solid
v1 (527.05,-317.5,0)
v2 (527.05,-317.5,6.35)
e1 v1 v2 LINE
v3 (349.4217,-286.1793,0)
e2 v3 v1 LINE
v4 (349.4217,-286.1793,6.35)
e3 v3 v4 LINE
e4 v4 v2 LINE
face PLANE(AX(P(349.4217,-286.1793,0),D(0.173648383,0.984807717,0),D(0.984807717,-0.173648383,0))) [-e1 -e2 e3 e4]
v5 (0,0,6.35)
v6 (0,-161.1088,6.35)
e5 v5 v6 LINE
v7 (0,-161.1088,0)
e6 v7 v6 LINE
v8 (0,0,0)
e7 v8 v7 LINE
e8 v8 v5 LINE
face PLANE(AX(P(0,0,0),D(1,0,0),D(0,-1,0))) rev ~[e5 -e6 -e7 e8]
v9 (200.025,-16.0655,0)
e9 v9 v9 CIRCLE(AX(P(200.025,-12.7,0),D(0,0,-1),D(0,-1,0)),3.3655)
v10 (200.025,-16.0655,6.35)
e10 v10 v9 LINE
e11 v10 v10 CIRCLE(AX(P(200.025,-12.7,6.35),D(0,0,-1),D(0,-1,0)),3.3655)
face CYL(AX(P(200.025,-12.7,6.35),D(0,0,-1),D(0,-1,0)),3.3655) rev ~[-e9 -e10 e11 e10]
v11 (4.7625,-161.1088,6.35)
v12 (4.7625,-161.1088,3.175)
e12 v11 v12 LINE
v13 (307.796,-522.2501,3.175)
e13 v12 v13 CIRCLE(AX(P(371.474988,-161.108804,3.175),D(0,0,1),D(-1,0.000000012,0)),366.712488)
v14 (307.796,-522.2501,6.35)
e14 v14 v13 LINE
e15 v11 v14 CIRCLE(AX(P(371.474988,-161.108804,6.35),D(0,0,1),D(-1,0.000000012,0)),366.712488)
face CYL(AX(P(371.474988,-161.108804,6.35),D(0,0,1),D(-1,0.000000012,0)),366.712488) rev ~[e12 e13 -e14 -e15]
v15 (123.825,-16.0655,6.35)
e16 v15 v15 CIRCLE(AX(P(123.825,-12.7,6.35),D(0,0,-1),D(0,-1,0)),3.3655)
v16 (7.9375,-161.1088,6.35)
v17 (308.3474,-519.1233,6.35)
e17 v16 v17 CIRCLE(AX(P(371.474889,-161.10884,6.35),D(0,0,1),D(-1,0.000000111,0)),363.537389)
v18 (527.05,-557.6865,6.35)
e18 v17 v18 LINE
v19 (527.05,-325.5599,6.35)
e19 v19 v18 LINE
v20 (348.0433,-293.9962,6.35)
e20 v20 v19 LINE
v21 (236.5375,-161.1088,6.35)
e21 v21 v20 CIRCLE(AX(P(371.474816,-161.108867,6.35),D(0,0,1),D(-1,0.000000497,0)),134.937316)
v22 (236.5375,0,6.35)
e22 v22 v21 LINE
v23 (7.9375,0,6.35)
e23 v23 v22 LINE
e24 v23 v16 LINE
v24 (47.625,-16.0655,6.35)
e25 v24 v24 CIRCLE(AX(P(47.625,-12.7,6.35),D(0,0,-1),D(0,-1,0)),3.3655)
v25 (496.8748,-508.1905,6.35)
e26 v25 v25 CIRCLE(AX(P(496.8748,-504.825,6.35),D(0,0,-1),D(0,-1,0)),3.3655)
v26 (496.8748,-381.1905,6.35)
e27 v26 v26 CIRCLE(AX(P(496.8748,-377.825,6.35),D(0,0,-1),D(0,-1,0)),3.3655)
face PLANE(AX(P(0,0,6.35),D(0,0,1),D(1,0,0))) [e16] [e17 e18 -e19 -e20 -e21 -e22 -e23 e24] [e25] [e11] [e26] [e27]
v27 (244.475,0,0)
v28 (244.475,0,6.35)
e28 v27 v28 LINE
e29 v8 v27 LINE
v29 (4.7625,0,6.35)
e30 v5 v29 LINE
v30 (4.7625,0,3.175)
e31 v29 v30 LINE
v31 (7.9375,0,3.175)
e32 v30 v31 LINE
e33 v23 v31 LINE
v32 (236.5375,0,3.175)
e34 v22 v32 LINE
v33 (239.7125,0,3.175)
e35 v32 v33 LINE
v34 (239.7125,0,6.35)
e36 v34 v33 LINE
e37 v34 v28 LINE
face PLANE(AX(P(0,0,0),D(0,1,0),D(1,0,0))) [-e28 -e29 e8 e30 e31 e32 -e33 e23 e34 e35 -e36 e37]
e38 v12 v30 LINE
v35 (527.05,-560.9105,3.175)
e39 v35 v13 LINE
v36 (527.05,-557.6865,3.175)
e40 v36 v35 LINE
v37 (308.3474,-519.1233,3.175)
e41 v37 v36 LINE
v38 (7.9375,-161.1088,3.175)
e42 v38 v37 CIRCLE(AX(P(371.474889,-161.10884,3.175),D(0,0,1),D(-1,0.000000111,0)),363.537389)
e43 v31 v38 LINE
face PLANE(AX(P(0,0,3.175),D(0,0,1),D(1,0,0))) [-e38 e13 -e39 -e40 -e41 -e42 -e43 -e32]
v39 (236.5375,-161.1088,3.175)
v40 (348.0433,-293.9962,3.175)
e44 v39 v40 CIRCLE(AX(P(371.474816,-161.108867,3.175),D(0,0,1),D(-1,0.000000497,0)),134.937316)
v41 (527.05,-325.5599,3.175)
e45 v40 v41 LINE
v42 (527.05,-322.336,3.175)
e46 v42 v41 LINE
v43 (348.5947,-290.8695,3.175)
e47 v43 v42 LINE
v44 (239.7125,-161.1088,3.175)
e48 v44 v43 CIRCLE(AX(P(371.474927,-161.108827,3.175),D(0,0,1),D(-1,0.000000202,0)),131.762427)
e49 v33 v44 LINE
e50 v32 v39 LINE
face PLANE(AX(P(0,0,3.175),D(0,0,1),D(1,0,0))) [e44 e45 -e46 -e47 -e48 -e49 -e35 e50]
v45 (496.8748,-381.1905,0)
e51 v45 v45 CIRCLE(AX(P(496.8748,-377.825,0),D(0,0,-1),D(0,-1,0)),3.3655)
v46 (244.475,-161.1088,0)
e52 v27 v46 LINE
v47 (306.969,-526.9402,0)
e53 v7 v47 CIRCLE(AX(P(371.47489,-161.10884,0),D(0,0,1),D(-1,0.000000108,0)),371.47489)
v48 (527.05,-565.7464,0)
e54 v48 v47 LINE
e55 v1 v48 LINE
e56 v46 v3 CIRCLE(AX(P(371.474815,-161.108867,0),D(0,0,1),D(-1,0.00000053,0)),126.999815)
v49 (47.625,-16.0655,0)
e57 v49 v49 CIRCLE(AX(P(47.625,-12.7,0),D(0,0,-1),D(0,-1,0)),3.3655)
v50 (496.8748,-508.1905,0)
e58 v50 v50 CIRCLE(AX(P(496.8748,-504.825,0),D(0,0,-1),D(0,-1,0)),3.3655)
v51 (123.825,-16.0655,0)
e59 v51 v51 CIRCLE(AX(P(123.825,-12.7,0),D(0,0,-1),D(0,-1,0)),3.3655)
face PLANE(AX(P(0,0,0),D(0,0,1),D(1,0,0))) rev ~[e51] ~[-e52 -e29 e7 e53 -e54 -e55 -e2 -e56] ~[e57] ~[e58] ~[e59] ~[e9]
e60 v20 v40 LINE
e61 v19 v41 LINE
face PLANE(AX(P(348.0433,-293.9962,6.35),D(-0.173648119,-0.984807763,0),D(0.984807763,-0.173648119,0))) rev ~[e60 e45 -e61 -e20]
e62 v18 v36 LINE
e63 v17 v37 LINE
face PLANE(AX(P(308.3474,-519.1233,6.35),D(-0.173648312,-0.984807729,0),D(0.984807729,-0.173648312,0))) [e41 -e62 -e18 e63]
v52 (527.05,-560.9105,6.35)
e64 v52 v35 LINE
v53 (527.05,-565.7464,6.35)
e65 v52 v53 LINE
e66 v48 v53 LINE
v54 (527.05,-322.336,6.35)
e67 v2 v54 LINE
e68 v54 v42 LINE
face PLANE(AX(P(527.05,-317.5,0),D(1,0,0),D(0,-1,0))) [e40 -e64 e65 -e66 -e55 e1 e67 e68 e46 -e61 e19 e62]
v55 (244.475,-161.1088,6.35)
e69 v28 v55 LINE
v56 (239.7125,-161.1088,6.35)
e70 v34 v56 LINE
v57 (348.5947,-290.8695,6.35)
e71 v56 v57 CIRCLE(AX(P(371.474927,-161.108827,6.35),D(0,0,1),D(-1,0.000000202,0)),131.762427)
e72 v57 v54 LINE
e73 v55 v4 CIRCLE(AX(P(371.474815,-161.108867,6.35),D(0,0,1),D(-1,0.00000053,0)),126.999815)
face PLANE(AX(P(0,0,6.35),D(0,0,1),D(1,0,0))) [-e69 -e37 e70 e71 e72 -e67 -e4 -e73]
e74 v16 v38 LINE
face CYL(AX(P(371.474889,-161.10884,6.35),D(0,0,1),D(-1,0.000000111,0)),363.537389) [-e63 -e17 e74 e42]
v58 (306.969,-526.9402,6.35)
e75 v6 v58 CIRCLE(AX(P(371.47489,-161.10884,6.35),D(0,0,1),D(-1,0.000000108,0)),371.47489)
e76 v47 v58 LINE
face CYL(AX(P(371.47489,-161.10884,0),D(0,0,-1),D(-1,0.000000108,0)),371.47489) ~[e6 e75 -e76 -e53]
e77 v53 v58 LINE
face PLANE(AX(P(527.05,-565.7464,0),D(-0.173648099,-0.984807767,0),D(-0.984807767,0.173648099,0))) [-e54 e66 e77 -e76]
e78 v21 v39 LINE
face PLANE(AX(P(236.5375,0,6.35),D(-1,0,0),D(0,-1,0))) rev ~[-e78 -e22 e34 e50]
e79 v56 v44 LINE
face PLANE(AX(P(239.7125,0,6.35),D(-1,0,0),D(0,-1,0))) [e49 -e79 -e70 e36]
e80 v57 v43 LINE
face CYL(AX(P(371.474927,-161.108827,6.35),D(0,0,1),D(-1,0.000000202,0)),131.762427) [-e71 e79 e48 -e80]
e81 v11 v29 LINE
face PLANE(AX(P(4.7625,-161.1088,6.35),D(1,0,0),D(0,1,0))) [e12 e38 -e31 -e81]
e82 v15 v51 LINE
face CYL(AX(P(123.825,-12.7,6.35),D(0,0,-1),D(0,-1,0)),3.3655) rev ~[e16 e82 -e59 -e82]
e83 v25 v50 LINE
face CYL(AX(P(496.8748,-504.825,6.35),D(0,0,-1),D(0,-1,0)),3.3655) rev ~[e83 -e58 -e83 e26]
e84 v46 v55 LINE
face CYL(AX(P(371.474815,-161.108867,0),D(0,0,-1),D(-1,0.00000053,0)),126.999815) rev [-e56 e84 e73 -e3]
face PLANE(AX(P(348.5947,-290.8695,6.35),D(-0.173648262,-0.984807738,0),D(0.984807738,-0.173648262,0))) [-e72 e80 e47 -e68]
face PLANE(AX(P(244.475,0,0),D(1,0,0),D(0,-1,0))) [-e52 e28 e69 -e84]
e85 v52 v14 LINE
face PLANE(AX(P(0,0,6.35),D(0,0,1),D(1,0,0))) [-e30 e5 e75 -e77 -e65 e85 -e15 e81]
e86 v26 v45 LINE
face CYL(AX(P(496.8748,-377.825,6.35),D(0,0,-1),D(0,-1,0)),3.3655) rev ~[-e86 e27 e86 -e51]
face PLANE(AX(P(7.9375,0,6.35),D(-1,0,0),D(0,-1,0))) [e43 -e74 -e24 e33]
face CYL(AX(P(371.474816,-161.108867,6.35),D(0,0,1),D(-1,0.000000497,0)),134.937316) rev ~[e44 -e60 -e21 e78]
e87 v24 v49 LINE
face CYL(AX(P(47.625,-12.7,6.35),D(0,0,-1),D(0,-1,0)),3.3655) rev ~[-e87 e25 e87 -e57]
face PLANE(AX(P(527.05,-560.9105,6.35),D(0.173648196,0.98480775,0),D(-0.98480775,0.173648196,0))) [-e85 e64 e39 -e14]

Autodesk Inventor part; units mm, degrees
ref_plane "YZ Plane" through (0, 0, 0) normal (1, 0, 0) x (0, 1, 0)
ref_plane "XZ Plane" through (0, 0, 0) normal (0, 1, 0) x (-1, 0, 0)
ref_plane "XY Plane" through (0, 0, 0) normal (0, 0, 1) x (1, 0, 0)
sketch "Sketch1" plane through (0, 0, 0) normal (0, 0, 1) x (1, 0, 0)
  line L0 (0, 0) -> (0, -161.1088)
  line L1 (0, 0) -> (244.475, 0)
  line L2 (244.475, 0) -> (244.475, -161.1088)
  line L3 (349.4217, -286.1793) -> (527.05, -317.5)
  line L4 (527.05, -317.5) -> (527.05, -565.7464)
  line L5 (527.05, -565.7464) -> (306.969, -526.9402)
  arc A0 (244.475, -161.1088) -> (349.4217, -286.1793) centre (371.475, -161.1088) ccw
  arc A1 (0, -161.1088) -> (306.969, -526.9402) centre (371.475, -161.1088) ccw
  dimension "d0" = 244.475
  dimension "d1" = 244.475
  dimension "d2" = 100
  dimension "d3" = 127
  dimension "d4" = 371.475
  dimension "d5" = 317.5
  dimension "d6" = 527.05
extrude "Extrusion1" add sketch "Sketch1" along normal blind 6.35
sketch "Sketch2" plane through (0, 0, 6.35) normal (0, 0, 1) x (1, 0, 0)
  line L0 (0, 0) -> (244.475, 0) projected
  line L1 (0, -161.1088) -> (0, 0) projected
  arc A0 (0, -161.1088) -> (306.969, -526.9402) centre (371.475, -161.1088) ccw projected
  line L2 (527.05, -565.7464) -> (306.969, -526.9402) projected
  line L3 (527.05, -317.5) -> (527.05, -565.7464) projected
  line L4 (349.4217, -286.1793) -> (527.05, -317.5) projected
  arc A1 (244.475, -161.1088) -> (349.4217, -286.1793) centre (371.475, -161.1088) ccw projected
  line L5 (244.475, 0) -> (244.475, -161.1088) projected
  arc A2 (239.7125, -161.1088) -> (348.5947, -290.8695) centre (371.475, -161.1088) ccw
  line L6 (348.5947, -290.8695) -> (527.05, -322.336)
  line L7 (527.05, -560.9105) -> (307.796, -522.2501)
  arc A3 (4.7625, -161.1088) -> (307.796, -522.2501) centre (371.475, -161.1088) ccw
  line L8 (4.7625, -161.1088) -> (4.7625, 0)
  line L9 (239.7125, 0) -> (239.7125, -161.1088)
  line L10 (7.9375, 0) -> (7.9375, -161.1088)
  arc A4 (7.9375, -161.1088) -> (308.3474, -519.1233) centre (371.475, -161.1088) ccw
  line L11 (308.3474, -519.1233) -> (527.05, -557.6865)
  line L12 (236.5375, 0) -> (236.5375, -161.1088)
  arc A5 (236.5375, -161.1088) -> (348.0433, -293.9962) centre (371.475, -161.1088) ccw
  line L13 (348.0433, -293.9962) -> (527.05, -325.5599)
  line L14 (4.7625, 0) -> (7.9375, 0)
  line L15 (239.7125, 0) -> (236.5375, 0)
  line L16 (527.05, -322.336) -> (527.05, -325.5599)
  line L17 (527.05, -560.9105) -> (527.05, -557.6865)
  dimension "d9" = 4.7625
  dimension "d10" = 4.7625
  dimension "d11" = 4.7625
  dimension "d12" = 4.7625
  dimension "d13" = 4.7625
  dimension "d14" = 4.7625
  dimension "d15" = 3.175
  dimension "d16" = 3.175
  dimension "d17" = 3.175
  dimension "d18" = 3.175
extrude "Extrusion2" cut sketch "Sketch2" against normal blind 3.175 contours L0 L10 A4 L11 L3 L7 A3 L8 | L0 L9 A2 L6 L3 L13 A5 L12
hole "Hole1" at (496.8748, -377.825, 6.35) direction (0, 0, -1) diameter 6.731 depth 25.4 tip angle 118
pattern_linear "Rectangular Pattern1" count 2 spacing 127 along (0, -1, 0) of "Hole1"
hole "Hole2" at (200.025, -12.7, 6.35) direction (0, 0, -1) diameter 6.731 depth 25.4 tip angle 118
pattern_linear "Rectangular Pattern2" count 3 spacing 76.2 along (-1, 0, 0) of "Hole2"
equation "\"d1\" = d0"
equation "\"d4\" = d3 + d0"
equation "\"d9\" = d10"
equation "\"d11\" = d10"
equation "\"d12\" = d10"
equation "\"d13\" = d10"
equation "\"d14\" = d10"
properties part number "GE-12070-01"
